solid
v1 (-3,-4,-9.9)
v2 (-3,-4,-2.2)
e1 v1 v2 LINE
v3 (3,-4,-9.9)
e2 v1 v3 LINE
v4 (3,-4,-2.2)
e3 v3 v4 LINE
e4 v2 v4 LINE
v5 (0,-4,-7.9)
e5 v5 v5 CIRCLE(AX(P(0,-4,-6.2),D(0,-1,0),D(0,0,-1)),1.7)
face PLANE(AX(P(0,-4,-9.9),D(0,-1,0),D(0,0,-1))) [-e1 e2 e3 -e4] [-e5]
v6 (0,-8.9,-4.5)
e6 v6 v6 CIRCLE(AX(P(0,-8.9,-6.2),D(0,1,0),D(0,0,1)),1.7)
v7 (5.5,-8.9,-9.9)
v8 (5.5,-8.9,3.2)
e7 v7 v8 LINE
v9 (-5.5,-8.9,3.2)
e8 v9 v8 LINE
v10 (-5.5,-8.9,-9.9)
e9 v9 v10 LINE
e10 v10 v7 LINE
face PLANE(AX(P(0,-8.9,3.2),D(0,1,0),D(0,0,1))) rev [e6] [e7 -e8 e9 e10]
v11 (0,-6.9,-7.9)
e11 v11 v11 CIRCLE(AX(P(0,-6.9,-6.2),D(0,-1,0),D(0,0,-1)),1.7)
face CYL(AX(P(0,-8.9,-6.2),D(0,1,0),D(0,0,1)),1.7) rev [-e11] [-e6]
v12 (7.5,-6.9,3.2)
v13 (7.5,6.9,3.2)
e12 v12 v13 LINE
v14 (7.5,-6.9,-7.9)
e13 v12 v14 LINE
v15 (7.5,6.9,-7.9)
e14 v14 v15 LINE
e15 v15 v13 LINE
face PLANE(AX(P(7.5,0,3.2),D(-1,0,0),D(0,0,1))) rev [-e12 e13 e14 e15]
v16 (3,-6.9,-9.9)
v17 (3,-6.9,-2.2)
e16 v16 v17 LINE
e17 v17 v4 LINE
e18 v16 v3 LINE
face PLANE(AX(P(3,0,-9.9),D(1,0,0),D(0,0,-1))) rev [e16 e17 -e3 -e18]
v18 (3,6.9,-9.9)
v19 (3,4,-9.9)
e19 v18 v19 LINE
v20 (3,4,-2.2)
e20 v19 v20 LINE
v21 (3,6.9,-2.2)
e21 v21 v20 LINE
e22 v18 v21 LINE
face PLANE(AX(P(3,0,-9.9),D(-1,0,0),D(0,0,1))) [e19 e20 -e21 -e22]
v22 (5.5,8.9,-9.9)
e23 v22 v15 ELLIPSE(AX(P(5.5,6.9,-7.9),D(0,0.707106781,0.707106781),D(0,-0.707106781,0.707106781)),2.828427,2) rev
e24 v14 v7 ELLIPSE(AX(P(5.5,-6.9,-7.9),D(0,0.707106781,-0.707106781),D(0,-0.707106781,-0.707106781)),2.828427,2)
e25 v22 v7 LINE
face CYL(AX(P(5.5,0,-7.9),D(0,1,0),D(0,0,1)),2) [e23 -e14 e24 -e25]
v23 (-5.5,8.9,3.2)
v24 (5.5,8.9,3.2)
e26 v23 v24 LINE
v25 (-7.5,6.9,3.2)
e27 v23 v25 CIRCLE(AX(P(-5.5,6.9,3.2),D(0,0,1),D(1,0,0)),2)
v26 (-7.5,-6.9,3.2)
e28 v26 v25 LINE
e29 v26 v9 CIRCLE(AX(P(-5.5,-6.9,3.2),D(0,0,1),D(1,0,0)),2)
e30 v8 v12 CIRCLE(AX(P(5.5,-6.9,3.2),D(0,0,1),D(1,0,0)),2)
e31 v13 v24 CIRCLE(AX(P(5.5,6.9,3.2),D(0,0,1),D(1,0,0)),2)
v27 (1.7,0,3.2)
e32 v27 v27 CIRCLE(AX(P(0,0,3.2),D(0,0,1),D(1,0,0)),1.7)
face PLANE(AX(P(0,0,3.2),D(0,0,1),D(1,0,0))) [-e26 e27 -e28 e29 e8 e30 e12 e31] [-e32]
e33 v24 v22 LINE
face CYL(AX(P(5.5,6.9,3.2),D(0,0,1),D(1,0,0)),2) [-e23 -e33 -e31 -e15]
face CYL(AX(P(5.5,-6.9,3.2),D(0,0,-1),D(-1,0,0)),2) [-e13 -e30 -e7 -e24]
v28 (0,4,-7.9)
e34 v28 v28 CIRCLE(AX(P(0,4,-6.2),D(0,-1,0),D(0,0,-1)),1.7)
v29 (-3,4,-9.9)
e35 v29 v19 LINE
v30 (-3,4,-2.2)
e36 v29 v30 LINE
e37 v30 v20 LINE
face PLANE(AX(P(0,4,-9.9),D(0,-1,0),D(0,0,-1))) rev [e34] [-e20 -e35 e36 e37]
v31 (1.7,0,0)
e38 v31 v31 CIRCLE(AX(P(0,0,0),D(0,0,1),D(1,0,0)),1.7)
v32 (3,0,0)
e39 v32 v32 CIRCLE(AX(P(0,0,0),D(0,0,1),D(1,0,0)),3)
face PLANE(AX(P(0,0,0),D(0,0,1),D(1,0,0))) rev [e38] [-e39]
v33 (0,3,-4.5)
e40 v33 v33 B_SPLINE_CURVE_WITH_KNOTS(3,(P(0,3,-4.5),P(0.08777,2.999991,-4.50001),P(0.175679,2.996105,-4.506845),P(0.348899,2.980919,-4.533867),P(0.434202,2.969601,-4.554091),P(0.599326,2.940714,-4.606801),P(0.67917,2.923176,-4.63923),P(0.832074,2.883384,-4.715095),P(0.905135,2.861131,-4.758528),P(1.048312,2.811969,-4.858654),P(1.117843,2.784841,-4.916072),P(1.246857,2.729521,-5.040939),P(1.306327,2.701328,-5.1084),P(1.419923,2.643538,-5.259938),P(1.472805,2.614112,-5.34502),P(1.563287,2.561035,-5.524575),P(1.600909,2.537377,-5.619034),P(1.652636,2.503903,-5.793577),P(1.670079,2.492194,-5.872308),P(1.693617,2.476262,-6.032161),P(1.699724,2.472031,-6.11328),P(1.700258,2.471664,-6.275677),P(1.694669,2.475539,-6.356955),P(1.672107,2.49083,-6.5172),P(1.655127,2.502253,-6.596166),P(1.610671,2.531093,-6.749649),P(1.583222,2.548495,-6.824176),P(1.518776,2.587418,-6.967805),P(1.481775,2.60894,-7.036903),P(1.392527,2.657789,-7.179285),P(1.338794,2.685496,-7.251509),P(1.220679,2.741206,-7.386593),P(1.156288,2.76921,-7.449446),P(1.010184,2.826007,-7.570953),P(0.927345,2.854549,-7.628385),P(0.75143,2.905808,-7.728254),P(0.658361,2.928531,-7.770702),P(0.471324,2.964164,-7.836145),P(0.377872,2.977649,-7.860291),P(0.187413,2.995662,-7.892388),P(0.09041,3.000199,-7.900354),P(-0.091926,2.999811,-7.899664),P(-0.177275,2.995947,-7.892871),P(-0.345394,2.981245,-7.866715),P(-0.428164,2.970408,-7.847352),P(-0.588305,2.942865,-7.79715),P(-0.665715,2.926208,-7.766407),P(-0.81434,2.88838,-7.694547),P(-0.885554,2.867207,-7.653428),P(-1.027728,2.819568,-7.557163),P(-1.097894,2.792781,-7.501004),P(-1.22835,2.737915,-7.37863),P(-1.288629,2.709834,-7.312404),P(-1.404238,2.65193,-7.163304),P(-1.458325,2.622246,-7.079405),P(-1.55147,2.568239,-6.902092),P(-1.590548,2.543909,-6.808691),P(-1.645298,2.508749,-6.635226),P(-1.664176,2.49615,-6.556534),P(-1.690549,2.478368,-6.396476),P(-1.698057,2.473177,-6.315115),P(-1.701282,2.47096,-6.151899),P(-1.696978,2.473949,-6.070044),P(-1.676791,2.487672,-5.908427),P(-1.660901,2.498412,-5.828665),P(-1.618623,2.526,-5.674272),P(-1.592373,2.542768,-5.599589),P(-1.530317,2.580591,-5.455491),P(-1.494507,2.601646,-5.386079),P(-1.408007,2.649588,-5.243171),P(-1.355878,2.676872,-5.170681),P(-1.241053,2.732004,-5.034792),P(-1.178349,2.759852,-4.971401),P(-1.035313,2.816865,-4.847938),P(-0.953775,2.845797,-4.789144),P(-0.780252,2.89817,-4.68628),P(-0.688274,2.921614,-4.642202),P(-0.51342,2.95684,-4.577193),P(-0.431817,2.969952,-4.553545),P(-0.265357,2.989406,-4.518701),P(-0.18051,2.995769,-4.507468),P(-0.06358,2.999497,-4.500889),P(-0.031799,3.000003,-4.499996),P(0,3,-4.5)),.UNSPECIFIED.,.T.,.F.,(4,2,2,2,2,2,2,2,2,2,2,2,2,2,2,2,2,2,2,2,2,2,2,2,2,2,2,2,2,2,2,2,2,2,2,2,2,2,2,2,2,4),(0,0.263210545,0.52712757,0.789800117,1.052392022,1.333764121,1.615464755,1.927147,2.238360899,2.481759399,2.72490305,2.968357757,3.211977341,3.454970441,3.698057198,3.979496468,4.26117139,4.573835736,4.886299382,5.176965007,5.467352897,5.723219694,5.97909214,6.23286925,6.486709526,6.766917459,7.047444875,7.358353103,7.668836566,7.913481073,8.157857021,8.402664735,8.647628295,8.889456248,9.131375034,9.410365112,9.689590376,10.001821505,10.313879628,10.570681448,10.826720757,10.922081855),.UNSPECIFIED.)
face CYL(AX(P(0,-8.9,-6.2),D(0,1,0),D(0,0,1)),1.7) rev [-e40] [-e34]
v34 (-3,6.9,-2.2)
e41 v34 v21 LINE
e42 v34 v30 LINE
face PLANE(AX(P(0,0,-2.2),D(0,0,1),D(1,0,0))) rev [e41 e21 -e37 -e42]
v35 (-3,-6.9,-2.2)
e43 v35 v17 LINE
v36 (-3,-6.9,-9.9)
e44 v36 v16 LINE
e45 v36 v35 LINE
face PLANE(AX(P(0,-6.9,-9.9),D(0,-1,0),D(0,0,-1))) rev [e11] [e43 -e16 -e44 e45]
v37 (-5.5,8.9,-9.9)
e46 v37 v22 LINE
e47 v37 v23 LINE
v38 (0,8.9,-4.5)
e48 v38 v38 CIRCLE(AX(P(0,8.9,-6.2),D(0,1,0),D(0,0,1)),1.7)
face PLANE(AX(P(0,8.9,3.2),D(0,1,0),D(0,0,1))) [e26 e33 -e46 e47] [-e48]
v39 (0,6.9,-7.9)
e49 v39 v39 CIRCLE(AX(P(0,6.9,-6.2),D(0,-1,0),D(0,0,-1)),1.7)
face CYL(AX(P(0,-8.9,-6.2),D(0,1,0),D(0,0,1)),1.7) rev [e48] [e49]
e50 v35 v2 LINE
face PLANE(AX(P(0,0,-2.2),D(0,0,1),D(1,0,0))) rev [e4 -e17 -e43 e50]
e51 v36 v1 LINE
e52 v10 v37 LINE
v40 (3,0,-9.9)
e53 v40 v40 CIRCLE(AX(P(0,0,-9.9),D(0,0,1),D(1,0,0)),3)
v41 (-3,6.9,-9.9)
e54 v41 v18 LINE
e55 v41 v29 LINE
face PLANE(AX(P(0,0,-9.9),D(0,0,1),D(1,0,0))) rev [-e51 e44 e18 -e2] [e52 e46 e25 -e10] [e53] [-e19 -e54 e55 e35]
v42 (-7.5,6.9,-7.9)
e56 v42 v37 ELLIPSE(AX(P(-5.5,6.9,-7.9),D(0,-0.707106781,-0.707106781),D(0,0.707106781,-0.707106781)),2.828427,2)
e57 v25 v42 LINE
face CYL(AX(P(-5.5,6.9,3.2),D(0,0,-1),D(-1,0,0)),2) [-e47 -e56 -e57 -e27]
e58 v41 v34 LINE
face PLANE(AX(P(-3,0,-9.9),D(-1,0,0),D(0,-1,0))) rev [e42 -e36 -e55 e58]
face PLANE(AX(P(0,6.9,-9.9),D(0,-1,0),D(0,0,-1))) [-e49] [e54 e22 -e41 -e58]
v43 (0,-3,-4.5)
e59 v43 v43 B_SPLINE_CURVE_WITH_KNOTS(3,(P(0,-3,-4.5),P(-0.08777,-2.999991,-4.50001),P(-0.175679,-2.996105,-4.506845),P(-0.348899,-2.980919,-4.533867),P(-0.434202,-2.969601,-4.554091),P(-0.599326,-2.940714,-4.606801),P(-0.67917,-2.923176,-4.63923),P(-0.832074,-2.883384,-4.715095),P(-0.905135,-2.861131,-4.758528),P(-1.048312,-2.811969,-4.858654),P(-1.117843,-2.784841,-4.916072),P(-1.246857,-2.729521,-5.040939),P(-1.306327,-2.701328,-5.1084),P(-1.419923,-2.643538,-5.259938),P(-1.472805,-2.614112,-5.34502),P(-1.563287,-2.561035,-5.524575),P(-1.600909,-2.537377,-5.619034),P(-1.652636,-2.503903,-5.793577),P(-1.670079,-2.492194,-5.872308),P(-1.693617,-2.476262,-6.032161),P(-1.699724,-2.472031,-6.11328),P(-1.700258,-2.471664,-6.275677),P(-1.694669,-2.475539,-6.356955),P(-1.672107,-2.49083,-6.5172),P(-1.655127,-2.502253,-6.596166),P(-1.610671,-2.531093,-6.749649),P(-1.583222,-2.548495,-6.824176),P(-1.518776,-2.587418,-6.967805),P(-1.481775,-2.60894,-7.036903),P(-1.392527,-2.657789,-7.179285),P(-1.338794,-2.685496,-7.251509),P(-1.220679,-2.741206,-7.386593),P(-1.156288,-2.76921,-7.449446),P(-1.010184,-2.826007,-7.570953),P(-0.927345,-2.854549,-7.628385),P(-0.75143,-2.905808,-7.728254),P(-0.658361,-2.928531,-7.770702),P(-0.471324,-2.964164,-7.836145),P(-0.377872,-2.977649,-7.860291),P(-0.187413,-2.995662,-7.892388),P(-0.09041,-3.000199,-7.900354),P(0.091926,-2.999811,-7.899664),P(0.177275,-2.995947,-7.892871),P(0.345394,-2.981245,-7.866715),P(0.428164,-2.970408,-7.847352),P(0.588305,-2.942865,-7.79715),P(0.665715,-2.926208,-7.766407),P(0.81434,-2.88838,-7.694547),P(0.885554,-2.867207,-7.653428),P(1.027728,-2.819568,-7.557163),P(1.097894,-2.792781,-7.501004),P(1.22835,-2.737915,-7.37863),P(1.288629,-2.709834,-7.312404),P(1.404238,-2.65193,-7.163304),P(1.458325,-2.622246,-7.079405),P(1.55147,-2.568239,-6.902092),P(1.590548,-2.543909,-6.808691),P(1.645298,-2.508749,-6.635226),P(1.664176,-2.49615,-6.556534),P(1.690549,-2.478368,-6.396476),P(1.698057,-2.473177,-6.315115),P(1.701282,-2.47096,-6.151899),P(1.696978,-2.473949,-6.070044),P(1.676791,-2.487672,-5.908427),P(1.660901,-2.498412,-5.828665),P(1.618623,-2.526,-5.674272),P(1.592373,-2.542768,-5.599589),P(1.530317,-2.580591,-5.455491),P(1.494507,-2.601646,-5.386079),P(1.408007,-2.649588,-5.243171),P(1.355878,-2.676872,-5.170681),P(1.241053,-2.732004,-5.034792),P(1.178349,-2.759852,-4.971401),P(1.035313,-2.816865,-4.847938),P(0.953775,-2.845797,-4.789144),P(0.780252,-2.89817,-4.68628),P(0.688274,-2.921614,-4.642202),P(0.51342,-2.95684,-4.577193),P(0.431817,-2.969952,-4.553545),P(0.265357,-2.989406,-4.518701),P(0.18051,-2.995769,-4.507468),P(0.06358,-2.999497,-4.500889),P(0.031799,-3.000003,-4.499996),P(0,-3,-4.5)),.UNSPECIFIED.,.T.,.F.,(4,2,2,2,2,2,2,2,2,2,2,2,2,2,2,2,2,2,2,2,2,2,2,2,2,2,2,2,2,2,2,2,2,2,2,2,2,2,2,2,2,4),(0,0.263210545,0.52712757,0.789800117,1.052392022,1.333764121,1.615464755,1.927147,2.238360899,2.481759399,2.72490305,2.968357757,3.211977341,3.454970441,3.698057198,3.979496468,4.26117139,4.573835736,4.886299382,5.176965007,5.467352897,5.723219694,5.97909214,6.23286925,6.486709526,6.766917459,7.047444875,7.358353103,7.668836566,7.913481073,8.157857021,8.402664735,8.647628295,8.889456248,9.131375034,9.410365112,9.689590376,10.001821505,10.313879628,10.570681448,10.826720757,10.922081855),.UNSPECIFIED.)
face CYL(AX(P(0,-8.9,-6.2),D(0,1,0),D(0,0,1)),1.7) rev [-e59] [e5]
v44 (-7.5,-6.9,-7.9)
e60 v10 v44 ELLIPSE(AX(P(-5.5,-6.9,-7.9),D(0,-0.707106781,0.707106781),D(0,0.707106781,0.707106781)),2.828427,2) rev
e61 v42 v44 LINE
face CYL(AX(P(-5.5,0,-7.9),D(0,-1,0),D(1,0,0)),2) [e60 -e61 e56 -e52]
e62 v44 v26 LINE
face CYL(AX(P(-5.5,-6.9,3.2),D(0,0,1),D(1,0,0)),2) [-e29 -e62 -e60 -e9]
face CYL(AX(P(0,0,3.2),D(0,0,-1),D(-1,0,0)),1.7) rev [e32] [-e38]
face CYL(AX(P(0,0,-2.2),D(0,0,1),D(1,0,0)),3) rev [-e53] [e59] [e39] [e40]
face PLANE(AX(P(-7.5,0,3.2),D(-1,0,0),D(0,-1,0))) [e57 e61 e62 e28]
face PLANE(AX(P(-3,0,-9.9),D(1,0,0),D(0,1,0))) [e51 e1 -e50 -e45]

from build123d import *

# Parameters (mm, degrees)
SKETCH_1_W               = 15
SKETCH_1_H               = 17.8
SKETCH_1_R               = 3
SKETCH_1_W_2             = 6
SKETCH_1_H_2             = 2.9
SKETCH_1_R_2             = 1.7
EXTRUDE_1_DEPTH          = 3.2
SKETCH_1_3_W             = 15
SKETCH_1_3_H             = 17.8
SKETCH_1_3_R             = 3
SKETCH_1_3_W_2           = 6
SKETCH_1_3_H_2           = 2.9
EXTRUDE_2_DEPTH          = 2.2
EXTRUDE_START            = -2.2
SKETCH_1_4_W             = 15
SKETCH_1_4_H             = 17.8
SKETCH_1_4_R             = 3
SKETCH_1_4_W_2           = 6
SKETCH_1_4_H_2           = 2.9
EXTRUDE_3_DEPTH          = 7.7
CUT_EXTRUDE_1_DEPTH      = 16.279725128
CUT_EXTRUDE_1_DEPTH_BACK = 16.279725128
SKETCH_2_R               = 1.7
FILLET_1_R               = 2


with BuildPart() as part:
    # 草图1 → 凸台-拉伸1 (new body)
    # profile 1 of 4: a face of its own
    with BuildSketch(Plane.XY):
        Rectangle(SKETCH_1_W, SKETCH_1_H)
        Circle(SKETCH_1_R, mode=Mode.SUBTRACT)
        with Locations((0, -5.45)):
            Rectangle(SKETCH_1_W_2, SKETCH_1_H_2, mode=Mode.SUBTRACT)
        with Locations((0, 5.45)):
            Rectangle(SKETCH_1_W_2, SKETCH_1_H_2, mode=Mode.SUBTRACT)
    # profile 2 of 4: a face of its own
    with BuildSketch(Plane.XY):
        Circle(SKETCH_1_R)
        Circle(SKETCH_1_R_2, mode=Mode.SUBTRACT)
    # profile 3 of 4: a face of its own
    with BuildSketch(Plane.XY):
        with Locations((0, 5.45)):
            Rectangle(SKETCH_1_W_2, SKETCH_1_H_2)
    # profile 4 of 4: a face of its own
    with BuildSketch(Plane.XY):
        with Locations((0, -5.45)):
            Rectangle(SKETCH_1_W_2, SKETCH_1_H_2)
    extrude(amount=EXTRUDE_1_DEPTH)

    # 草图1<3> → 凸台-拉伸2 (add)
    # profile 1 of 3: a face of its own
    with BuildSketch(Plane.XY):
        Rectangle(SKETCH_1_3_W, SKETCH_1_3_H)
        Circle(SKETCH_1_3_R, mode=Mode.SUBTRACT)
        with Locations((0, -5.45)):
            Rectangle(SKETCH_1_3_W_2, SKETCH_1_3_H_2, mode=Mode.SUBTRACT)
        with Locations((0, 5.45)):
            Rectangle(SKETCH_1_3_W_2, SKETCH_1_3_H_2, mode=Mode.SUBTRACT)
    # profile 2 of 3: a face of its own
    with BuildSketch(Plane.XY):
        with Locations((0, 5.45)):
            Rectangle(SKETCH_1_3_W_2, SKETCH_1_3_H_2)
    # profile 3 of 3: a face of its own
    with BuildSketch(Plane.XY):
        with Locations((0, -5.45)):
            Rectangle(SKETCH_1_3_W_2, SKETCH_1_3_H_2)
    extrude(amount=-EXTRUDE_2_DEPTH)

    # 草图1<4> → 凸台-拉伸3 (add)
    with BuildSketch(Plane.XY.offset(EXTRUDE_START)):
        Rectangle(SKETCH_1_4_W, SKETCH_1_4_H)
        Circle(SKETCH_1_4_R, mode=Mode.SUBTRACT)
        with Locations((0, -5.45)):
            Rectangle(SKETCH_1_4_W_2, SKETCH_1_4_H_2, mode=Mode.SUBTRACT)
        with Locations((0, 5.45)):
            Rectangle(SKETCH_1_4_W_2, SKETCH_1_4_H_2, mode=Mode.SUBTRACT)
    extrude(amount=-EXTRUDE_3_DEPTH)

    # 草图2 → 切除-拉伸1 (cut, two sides: drawn at the far end of the back side and taken through both)
    with BuildSketch(Plane(origin=(0, 0, 0), x_dir=(1, 0, 0), z_dir=(0, 1, 0)).offset(-CUT_EXTRUDE_1_DEPTH_BACK)):
        with Locations(Location((0, 6.2, 0), (0, 0, 270))):
            Circle(SKETCH_2_R)
    extrude(amount=CUT_EXTRUDE_1_DEPTH + CUT_EXTRUDE_1_DEPTH_BACK, mode=Mode.SUBTRACT)

    # 圆角1
    fillet_1_edges = [part.edges().sort_by_distance(p)[0] for p in [
        (-7.5, -8.9, -3.35),
        (-7.5, 8.9, -3.35),
        (7.5, 8.9, -3.35),
        (7.5, -8.9, -3.35),
        (-7.5, 0, -9.9),
        (7.5, 0, -9.9),
    ]]
    fillet(fillet_1_edges, radius=FILLET_1_R)


solid = part.part
